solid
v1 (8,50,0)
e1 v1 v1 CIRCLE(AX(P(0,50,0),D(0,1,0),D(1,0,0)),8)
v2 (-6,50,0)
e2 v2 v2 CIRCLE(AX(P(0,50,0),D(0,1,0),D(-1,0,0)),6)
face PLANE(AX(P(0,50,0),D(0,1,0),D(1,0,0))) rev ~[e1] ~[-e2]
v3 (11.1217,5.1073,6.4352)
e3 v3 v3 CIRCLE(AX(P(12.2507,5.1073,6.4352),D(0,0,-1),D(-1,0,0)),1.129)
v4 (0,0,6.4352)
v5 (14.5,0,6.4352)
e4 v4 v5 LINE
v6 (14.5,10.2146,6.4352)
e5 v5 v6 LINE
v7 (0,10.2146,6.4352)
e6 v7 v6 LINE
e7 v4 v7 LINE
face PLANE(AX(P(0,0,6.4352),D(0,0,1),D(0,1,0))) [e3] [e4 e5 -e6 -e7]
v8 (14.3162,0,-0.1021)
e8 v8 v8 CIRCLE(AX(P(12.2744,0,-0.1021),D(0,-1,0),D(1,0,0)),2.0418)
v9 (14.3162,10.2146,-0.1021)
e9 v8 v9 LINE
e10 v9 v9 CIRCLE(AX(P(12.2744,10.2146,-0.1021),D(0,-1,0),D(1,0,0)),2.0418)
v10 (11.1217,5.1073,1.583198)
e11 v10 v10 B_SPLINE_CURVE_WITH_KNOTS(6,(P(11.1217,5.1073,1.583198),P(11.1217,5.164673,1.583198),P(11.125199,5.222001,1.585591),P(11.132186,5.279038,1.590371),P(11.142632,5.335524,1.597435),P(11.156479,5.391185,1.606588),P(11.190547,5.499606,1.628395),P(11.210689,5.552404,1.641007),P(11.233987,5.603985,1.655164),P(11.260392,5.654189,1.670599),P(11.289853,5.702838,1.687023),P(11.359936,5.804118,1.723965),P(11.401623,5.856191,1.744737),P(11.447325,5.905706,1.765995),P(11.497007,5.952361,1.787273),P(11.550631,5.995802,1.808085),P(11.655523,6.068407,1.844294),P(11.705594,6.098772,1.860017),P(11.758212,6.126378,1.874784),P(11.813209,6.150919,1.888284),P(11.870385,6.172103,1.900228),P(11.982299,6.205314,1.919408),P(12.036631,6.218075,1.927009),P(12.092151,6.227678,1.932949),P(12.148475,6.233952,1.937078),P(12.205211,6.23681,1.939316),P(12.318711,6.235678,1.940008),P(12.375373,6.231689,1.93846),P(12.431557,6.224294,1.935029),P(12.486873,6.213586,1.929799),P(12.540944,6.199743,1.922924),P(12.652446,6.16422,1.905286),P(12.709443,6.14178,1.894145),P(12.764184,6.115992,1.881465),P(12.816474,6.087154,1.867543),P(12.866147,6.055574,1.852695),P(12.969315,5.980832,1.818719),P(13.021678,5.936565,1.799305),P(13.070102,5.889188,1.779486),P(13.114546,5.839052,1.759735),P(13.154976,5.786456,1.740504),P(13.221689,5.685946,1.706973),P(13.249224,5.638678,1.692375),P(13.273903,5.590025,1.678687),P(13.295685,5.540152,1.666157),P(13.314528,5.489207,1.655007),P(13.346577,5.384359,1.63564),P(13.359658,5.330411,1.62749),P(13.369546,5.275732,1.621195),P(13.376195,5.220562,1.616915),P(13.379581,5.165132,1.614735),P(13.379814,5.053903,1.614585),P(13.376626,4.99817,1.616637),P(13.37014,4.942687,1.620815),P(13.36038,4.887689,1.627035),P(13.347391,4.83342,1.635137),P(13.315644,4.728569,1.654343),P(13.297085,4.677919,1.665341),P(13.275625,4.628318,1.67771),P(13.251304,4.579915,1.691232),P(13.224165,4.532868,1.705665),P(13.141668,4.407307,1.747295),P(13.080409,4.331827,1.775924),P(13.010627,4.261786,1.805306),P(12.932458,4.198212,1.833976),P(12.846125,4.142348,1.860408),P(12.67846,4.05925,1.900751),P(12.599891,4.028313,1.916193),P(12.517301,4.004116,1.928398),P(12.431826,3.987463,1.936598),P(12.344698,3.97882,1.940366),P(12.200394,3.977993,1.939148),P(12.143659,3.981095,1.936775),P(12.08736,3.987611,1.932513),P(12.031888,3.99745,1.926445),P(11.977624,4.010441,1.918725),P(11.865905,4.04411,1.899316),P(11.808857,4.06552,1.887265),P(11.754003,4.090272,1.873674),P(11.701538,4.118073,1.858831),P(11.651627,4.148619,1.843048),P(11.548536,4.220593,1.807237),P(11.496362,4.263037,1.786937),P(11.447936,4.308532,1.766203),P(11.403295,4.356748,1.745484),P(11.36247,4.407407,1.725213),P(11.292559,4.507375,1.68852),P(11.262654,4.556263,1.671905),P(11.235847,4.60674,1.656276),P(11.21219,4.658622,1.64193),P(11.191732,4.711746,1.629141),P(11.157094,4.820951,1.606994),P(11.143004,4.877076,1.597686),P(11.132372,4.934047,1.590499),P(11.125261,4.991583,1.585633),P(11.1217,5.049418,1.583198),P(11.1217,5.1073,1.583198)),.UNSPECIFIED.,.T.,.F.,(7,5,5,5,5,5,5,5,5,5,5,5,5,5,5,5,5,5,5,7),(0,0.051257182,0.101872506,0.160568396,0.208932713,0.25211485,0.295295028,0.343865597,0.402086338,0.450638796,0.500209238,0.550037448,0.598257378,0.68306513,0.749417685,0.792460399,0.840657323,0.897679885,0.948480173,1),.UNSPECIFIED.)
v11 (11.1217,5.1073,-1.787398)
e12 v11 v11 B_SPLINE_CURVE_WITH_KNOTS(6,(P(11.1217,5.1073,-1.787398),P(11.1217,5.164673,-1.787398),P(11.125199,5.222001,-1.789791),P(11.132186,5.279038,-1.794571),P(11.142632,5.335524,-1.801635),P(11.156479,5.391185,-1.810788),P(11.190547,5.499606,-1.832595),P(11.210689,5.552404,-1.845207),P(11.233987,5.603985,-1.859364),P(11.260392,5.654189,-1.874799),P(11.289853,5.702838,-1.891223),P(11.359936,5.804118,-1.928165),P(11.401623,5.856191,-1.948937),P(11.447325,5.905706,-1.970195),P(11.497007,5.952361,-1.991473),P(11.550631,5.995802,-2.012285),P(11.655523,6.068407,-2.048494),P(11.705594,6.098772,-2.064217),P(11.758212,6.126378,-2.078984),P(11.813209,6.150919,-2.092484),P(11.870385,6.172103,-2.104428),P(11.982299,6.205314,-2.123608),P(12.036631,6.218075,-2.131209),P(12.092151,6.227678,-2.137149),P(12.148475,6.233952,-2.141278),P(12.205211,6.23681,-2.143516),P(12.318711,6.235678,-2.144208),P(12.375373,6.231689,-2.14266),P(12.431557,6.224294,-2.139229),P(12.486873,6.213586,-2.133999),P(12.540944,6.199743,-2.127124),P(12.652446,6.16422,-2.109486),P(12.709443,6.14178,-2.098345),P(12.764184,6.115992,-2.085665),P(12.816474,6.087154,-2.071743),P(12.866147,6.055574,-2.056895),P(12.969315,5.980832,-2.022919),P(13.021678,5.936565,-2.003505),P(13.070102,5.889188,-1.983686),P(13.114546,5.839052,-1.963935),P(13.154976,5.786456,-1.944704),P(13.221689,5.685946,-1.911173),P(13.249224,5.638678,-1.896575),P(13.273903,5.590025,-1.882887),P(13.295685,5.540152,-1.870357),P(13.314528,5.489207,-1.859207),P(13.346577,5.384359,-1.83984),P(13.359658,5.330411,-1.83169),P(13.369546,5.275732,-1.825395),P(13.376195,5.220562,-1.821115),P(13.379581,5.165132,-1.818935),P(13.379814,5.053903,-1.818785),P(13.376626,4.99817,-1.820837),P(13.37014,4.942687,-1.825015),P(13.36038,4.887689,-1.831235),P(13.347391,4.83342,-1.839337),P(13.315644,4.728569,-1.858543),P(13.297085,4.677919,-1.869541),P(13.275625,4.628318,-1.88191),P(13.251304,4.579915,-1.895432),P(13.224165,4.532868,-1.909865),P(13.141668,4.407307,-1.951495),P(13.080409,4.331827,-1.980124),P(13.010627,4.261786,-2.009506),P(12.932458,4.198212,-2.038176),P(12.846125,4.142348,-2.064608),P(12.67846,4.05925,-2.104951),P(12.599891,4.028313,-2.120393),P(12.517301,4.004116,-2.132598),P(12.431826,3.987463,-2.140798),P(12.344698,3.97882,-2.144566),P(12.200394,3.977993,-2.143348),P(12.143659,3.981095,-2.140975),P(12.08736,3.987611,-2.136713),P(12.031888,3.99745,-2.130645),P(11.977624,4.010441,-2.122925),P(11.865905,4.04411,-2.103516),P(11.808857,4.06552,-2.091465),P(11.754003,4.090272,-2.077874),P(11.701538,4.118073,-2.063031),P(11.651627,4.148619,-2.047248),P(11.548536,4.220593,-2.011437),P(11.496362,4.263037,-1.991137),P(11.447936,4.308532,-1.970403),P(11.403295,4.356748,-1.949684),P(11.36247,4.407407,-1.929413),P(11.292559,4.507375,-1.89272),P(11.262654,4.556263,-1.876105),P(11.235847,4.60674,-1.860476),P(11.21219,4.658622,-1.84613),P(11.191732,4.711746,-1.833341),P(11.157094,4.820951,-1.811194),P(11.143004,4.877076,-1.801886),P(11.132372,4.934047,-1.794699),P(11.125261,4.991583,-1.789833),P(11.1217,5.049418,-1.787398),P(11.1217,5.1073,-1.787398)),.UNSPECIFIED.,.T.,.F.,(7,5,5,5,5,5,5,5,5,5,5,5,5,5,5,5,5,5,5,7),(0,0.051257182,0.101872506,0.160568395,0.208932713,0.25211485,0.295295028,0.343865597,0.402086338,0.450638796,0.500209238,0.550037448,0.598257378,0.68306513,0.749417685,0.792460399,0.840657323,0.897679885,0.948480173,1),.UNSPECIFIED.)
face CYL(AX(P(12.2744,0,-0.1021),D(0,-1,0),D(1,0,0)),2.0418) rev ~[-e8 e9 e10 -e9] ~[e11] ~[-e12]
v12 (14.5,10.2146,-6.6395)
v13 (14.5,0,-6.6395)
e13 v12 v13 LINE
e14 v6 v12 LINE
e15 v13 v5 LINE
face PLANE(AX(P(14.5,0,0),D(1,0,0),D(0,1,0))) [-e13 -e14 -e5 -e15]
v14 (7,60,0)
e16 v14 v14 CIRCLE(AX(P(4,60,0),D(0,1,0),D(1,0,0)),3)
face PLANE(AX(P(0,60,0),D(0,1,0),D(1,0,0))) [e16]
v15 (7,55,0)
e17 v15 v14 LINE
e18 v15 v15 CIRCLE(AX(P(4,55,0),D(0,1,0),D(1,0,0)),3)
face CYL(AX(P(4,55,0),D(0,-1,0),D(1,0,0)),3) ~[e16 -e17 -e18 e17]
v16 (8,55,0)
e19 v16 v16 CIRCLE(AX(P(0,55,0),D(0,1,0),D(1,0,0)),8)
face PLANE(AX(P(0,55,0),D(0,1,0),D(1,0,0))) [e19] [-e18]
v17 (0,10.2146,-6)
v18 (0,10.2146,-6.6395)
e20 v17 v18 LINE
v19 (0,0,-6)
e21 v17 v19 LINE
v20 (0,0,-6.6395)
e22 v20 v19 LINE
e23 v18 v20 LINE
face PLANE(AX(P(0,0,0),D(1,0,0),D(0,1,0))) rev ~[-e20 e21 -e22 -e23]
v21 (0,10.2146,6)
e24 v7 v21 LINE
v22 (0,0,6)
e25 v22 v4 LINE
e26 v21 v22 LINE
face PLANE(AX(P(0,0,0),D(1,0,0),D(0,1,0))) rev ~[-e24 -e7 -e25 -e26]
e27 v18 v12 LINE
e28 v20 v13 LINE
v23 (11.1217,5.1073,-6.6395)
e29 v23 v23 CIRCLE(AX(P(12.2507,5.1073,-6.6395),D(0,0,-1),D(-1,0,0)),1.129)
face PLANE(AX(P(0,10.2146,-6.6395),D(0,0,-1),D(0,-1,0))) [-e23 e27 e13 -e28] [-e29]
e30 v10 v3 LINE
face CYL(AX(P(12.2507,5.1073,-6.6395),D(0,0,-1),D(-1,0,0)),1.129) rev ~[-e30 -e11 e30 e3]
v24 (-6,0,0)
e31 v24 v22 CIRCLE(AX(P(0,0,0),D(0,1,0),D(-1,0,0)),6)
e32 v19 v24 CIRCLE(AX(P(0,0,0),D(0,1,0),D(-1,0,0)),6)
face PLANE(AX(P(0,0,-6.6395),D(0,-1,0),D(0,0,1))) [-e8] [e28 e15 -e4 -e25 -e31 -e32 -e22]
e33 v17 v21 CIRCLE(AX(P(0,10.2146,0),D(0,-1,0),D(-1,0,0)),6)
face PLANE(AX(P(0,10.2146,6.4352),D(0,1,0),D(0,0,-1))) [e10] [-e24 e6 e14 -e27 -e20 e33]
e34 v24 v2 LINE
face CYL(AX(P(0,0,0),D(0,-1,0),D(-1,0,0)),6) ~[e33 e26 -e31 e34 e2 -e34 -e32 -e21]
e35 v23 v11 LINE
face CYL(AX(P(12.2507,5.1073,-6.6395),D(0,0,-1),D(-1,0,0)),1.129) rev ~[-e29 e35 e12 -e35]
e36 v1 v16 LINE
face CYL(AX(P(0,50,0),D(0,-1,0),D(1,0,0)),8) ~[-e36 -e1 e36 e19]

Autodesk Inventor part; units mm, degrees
ref_plane "YZ Plane" through (0, 0, 0) normal (1, 0, 0) x (0, 1, 0)
ref_plane "XZ Plane" through (0, 0, 0) normal (0, 1, 0) x (-1, 0, 0)
ref_plane "XY Plane" through (0, 0, 0) normal (0, 0, 1) x (1, 0, 0)
sketch "Эскиз1" plane through (0, 0, 0) normal (0, 1, 0) x (-1, 0, 0)
  circle A0 centre (0, 0) radius 6
  dimension "d0" = 12
extrude "Выдавливание1" add sketch "Эскиз1" along normal blind 50
sketch "Эскиз2" plane through (0, 50, 0) normal (0, 1, 0) x (1, 0, 0)
  circle A0 centre (0, 0) radius 8
  dimension "d3" = 16
extrude "Выдавливание2" add sketch "Эскиз2" along normal blind 5
sketch "Эскиз3" plane through (0, 55, 0) normal (0, 1, 0) x (1, 0, 0)
  circle A0 centre (0, 0) radius 8 projected
  circle A1 centre (4, 0) radius 3
  dimension "d6" = 6
  dimension "d7" = 4
extrude "Выдавливание3" add sketch "Эскиз3" along normal blind 5 contours A1
sketch "Эскиз4" plane through (0, 0, 0) normal (1, 0, 0) x (0, 1, 0)
  line L0 (0, 6.4352) -> (10.2146, 6.4352)
  line L1 (10.2146, 6.4352) -> (10.2146, -6.6395)
  line L2 (10.2146, -6.6395) -> (0, -6.6395)
  line L3 (0, -6.6395) -> (0, 6.4352)
  point P0 (0, 0)
extrude "Выдавливание4" add sketch "Эскиз4" along normal blind 14.5
sketch "Эскиз7" plane through (0, 0, 0) normal (0, -1, 0) x (1, 0, 0)
  circle A0 centre (12.2744, -0.1021) radius 2.0418
extrude "Выдавливание7" cut sketch "Эскиз7" against normal blind 14.5
sketch "Эскиз8" plane through (0, 0, -6.6395) normal (0, 0, -1) x (-1, 0, 0)
  circle A0 centre (-12.2507, 5.1073) radius 1.129
extrude "Выдавливание8" cut sketch "Эскиз8" against normal blind 14.5
properties part number "ось"
